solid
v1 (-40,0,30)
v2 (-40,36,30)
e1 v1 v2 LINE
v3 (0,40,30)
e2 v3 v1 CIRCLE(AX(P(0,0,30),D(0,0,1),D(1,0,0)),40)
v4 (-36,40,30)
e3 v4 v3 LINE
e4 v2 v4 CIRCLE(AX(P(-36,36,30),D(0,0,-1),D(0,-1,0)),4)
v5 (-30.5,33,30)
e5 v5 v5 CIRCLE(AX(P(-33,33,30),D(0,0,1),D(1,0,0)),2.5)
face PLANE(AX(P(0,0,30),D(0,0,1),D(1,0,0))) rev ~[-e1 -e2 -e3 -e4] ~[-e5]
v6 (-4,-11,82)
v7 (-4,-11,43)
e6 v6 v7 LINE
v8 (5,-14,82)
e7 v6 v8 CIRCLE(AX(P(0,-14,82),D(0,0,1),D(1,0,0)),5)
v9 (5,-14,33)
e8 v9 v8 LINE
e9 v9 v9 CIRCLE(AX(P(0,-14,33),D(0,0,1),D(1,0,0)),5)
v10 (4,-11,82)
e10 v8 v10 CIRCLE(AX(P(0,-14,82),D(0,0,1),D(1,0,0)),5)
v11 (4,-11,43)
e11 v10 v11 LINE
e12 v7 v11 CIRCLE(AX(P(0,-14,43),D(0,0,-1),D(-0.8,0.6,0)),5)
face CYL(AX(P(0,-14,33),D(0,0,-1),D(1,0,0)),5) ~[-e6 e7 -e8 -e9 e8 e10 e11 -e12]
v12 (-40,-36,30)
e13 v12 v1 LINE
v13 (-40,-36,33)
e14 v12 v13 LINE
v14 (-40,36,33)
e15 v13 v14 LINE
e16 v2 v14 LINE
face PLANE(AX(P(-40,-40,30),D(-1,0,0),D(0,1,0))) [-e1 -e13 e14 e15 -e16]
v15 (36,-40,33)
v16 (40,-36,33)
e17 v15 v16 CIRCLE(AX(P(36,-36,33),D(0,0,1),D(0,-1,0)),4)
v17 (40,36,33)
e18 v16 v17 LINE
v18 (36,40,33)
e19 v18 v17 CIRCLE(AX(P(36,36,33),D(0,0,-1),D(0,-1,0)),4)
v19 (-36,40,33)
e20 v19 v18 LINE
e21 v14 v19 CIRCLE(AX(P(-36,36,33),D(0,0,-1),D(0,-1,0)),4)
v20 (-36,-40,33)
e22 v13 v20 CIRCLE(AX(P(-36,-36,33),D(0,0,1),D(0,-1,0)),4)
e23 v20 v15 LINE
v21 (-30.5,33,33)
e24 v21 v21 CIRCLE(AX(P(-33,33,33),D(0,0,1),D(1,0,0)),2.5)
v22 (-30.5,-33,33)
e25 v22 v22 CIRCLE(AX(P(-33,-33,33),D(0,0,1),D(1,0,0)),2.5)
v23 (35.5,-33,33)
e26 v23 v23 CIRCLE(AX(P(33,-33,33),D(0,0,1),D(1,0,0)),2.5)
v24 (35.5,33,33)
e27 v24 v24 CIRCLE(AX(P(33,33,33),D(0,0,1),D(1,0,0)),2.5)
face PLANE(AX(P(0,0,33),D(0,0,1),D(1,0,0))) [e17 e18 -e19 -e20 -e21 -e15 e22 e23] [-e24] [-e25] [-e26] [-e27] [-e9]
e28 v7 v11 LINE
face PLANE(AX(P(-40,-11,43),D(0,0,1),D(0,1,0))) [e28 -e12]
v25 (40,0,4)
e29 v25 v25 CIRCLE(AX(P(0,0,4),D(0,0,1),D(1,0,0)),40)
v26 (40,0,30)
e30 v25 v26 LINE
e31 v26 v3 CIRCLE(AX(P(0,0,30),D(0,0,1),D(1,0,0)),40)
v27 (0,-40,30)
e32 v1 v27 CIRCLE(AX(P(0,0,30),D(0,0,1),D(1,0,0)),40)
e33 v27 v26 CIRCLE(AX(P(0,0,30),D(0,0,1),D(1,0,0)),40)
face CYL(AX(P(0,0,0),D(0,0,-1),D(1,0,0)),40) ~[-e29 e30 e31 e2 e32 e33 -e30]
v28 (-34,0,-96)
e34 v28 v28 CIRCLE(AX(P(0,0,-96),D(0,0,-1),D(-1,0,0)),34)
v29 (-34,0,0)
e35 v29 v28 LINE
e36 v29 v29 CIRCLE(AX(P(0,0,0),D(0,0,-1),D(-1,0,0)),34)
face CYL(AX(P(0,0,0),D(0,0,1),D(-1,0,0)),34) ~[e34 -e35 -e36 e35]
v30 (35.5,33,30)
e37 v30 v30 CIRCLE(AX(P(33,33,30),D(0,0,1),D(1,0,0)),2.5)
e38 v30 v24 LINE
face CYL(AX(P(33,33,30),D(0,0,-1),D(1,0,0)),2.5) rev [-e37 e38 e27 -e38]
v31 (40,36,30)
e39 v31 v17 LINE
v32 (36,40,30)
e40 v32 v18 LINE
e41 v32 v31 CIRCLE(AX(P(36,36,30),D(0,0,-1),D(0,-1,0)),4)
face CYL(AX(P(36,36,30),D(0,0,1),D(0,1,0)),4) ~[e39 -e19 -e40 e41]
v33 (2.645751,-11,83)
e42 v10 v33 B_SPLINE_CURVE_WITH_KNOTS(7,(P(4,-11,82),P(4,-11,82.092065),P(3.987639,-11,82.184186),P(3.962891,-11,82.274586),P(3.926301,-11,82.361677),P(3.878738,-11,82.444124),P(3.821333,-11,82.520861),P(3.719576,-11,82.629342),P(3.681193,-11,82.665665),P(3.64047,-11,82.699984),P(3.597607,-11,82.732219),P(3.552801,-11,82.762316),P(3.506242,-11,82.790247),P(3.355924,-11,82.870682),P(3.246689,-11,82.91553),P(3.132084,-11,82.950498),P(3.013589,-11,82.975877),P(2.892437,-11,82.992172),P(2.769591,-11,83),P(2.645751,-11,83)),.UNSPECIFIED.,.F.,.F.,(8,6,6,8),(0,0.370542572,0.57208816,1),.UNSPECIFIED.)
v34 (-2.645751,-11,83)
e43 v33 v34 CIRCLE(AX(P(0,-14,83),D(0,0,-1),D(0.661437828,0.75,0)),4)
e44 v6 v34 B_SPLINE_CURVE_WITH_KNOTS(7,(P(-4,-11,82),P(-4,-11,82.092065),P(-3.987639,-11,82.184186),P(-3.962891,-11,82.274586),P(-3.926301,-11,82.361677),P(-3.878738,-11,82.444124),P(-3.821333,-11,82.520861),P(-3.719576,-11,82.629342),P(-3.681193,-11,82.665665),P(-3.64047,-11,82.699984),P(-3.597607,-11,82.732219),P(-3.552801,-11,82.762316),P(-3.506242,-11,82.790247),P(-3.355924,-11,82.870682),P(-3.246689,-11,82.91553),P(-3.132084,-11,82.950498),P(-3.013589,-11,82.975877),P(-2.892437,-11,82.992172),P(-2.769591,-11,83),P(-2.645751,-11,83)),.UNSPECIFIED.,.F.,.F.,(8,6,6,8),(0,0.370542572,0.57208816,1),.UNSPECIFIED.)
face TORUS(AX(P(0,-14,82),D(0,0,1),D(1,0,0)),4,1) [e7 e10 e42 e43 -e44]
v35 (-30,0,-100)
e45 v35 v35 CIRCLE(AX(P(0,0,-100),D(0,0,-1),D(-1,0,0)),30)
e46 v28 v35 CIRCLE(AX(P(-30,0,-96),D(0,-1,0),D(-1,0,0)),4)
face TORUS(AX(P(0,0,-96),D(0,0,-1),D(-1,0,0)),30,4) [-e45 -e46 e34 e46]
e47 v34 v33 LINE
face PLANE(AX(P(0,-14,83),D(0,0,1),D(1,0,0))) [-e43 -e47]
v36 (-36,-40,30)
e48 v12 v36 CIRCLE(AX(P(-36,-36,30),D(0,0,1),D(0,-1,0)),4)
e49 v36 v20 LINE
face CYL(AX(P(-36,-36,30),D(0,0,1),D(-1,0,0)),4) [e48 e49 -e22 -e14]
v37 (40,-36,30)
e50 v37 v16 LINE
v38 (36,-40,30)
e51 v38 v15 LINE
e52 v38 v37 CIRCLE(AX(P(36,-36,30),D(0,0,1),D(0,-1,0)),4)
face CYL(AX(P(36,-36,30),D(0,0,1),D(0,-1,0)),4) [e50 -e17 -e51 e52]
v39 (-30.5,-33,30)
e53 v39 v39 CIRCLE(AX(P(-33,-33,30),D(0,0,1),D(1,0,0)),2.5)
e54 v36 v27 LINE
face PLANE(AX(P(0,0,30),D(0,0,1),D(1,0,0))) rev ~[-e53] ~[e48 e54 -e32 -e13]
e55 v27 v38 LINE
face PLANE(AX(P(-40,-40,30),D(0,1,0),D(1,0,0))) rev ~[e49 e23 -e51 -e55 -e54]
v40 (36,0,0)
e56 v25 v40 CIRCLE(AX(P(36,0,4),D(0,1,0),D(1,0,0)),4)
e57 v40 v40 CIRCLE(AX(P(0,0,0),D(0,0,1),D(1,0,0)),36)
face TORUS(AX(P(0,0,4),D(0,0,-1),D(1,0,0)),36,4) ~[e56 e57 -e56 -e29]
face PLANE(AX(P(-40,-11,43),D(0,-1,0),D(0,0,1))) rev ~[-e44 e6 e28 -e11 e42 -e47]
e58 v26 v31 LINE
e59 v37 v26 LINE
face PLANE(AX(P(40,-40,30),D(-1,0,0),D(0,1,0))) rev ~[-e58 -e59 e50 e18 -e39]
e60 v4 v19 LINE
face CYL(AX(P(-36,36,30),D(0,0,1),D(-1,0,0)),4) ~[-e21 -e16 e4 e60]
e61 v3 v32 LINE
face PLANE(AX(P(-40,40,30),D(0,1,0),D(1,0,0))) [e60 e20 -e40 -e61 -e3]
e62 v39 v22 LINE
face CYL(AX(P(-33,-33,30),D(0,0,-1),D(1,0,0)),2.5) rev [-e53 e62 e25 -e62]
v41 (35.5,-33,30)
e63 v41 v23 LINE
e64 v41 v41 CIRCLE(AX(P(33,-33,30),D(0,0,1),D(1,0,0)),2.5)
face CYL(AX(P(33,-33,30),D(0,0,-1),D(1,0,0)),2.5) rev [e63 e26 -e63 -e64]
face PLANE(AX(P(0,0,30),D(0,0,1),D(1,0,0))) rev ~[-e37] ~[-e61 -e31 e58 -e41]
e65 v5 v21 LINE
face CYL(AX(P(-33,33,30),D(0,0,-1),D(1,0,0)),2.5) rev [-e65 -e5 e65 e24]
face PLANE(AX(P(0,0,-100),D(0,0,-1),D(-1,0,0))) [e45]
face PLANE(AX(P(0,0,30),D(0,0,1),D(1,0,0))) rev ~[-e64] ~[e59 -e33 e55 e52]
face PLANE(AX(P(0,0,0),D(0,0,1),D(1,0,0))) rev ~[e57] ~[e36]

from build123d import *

# Parameters (mm, degrees)
SKETCH1_R           = 40
BOSS_EXTRUDE1_DEPTH = 30
SKETCH2_W           = 80
SKETCH2_H           = 80
SKETCH2_R           = 2.5
BOSS_EXTRUDE2_DEPTH = 3
FILLET1_R           = 4
SKETCH3_R           = 34
BOSS_EXTRUDE3_DEPTH = 100
FILLET2_R           = 4
SKETCH4_R           = 5
BOSS_EXTRUDE4_DEPTH = 50
FILLET3_R           = 1
SKETCH5_W           = 42.68943546
SKETCH5_H           = 2
CUT_EXTRUDE1_DEPTH  = 81


with BuildPart() as part:
    # Sketch1 → Boss-Extrude1 (new body)
    with BuildSketch(Plane.XY):
        Circle(SKETCH1_R)
    extrude(amount=BOSS_EXTRUDE1_DEPTH)

    # Sketch2 → Boss-Extrude2 (add)
    with BuildSketch(Plane.XY.offset(30)):
        Rectangle(SKETCH2_W, SKETCH2_H)
        with Locations((33, -33)):
            Circle(SKETCH2_R, mode=Mode.SUBTRACT)
        with Locations((-33, 33)):
            Circle(SKETCH2_R, mode=Mode.SUBTRACT)
        with Locations((33, 33)):
            Circle(SKETCH2_R, mode=Mode.SUBTRACT)
        with Locations((-33, -33)):
            Circle(SKETCH2_R, mode=Mode.SUBTRACT)
    extrude(amount=BOSS_EXTRUDE2_DEPTH)

    # Fillet1
    fillet1_edges = [part.edges().sort_by_distance(p)[0] for p in [
        (40, 40, 31.5),
        (-40, 40, 31.5),
        (-40, -40, 31.5),
        (40, -40, 31.5),
    ]]
    fillet(fillet1_edges, radius=FILLET1_R)

    # Sketch3 → Boss-Extrude3 (add)
    with BuildSketch(Plane(origin=(0, 0, 0), x_dir=(-1, 0, 0), z_dir=(0, 0, -1))):
        Circle(SKETCH3_R)
    extrude(amount=BOSS_EXTRUDE3_DEPTH)

    # Fillet2
    fillet2_edges = [part.edges().sort_by_distance(p)[0] for p in [
        (-40, 0, 0),
        (34, 0, -100),
    ]]
    fillet(fillet2_edges, radius=FILLET2_R)

    # Sketch4 → Boss-Extrude4 (add)
    with BuildSketch(Plane.XY.offset(33)):
        with Locations((0, -14)):
            Circle(SKETCH4_R)
    extrude(amount=BOSS_EXTRUDE4_DEPTH)

    # Fillet3
    fillet3_edges = [part.edges().sort_by_distance(p)[0] for p in [
        (-5, -14, 83),
    ]]
    fillet(fillet3_edges, radius=FILLET3_R)

    # Sketch5 → Cut-Extrude1 (cut, through all)
    with BuildSketch(Plane.ZY.offset(40)):
        with Locations((64.34471773, -10)):
            Rectangle(SKETCH5_W, SKETCH5_H)
    extrude(amount=-CUT_EXTRUDE1_DEPTH, mode=Mode.SUBTRACT)


solid = part.part
